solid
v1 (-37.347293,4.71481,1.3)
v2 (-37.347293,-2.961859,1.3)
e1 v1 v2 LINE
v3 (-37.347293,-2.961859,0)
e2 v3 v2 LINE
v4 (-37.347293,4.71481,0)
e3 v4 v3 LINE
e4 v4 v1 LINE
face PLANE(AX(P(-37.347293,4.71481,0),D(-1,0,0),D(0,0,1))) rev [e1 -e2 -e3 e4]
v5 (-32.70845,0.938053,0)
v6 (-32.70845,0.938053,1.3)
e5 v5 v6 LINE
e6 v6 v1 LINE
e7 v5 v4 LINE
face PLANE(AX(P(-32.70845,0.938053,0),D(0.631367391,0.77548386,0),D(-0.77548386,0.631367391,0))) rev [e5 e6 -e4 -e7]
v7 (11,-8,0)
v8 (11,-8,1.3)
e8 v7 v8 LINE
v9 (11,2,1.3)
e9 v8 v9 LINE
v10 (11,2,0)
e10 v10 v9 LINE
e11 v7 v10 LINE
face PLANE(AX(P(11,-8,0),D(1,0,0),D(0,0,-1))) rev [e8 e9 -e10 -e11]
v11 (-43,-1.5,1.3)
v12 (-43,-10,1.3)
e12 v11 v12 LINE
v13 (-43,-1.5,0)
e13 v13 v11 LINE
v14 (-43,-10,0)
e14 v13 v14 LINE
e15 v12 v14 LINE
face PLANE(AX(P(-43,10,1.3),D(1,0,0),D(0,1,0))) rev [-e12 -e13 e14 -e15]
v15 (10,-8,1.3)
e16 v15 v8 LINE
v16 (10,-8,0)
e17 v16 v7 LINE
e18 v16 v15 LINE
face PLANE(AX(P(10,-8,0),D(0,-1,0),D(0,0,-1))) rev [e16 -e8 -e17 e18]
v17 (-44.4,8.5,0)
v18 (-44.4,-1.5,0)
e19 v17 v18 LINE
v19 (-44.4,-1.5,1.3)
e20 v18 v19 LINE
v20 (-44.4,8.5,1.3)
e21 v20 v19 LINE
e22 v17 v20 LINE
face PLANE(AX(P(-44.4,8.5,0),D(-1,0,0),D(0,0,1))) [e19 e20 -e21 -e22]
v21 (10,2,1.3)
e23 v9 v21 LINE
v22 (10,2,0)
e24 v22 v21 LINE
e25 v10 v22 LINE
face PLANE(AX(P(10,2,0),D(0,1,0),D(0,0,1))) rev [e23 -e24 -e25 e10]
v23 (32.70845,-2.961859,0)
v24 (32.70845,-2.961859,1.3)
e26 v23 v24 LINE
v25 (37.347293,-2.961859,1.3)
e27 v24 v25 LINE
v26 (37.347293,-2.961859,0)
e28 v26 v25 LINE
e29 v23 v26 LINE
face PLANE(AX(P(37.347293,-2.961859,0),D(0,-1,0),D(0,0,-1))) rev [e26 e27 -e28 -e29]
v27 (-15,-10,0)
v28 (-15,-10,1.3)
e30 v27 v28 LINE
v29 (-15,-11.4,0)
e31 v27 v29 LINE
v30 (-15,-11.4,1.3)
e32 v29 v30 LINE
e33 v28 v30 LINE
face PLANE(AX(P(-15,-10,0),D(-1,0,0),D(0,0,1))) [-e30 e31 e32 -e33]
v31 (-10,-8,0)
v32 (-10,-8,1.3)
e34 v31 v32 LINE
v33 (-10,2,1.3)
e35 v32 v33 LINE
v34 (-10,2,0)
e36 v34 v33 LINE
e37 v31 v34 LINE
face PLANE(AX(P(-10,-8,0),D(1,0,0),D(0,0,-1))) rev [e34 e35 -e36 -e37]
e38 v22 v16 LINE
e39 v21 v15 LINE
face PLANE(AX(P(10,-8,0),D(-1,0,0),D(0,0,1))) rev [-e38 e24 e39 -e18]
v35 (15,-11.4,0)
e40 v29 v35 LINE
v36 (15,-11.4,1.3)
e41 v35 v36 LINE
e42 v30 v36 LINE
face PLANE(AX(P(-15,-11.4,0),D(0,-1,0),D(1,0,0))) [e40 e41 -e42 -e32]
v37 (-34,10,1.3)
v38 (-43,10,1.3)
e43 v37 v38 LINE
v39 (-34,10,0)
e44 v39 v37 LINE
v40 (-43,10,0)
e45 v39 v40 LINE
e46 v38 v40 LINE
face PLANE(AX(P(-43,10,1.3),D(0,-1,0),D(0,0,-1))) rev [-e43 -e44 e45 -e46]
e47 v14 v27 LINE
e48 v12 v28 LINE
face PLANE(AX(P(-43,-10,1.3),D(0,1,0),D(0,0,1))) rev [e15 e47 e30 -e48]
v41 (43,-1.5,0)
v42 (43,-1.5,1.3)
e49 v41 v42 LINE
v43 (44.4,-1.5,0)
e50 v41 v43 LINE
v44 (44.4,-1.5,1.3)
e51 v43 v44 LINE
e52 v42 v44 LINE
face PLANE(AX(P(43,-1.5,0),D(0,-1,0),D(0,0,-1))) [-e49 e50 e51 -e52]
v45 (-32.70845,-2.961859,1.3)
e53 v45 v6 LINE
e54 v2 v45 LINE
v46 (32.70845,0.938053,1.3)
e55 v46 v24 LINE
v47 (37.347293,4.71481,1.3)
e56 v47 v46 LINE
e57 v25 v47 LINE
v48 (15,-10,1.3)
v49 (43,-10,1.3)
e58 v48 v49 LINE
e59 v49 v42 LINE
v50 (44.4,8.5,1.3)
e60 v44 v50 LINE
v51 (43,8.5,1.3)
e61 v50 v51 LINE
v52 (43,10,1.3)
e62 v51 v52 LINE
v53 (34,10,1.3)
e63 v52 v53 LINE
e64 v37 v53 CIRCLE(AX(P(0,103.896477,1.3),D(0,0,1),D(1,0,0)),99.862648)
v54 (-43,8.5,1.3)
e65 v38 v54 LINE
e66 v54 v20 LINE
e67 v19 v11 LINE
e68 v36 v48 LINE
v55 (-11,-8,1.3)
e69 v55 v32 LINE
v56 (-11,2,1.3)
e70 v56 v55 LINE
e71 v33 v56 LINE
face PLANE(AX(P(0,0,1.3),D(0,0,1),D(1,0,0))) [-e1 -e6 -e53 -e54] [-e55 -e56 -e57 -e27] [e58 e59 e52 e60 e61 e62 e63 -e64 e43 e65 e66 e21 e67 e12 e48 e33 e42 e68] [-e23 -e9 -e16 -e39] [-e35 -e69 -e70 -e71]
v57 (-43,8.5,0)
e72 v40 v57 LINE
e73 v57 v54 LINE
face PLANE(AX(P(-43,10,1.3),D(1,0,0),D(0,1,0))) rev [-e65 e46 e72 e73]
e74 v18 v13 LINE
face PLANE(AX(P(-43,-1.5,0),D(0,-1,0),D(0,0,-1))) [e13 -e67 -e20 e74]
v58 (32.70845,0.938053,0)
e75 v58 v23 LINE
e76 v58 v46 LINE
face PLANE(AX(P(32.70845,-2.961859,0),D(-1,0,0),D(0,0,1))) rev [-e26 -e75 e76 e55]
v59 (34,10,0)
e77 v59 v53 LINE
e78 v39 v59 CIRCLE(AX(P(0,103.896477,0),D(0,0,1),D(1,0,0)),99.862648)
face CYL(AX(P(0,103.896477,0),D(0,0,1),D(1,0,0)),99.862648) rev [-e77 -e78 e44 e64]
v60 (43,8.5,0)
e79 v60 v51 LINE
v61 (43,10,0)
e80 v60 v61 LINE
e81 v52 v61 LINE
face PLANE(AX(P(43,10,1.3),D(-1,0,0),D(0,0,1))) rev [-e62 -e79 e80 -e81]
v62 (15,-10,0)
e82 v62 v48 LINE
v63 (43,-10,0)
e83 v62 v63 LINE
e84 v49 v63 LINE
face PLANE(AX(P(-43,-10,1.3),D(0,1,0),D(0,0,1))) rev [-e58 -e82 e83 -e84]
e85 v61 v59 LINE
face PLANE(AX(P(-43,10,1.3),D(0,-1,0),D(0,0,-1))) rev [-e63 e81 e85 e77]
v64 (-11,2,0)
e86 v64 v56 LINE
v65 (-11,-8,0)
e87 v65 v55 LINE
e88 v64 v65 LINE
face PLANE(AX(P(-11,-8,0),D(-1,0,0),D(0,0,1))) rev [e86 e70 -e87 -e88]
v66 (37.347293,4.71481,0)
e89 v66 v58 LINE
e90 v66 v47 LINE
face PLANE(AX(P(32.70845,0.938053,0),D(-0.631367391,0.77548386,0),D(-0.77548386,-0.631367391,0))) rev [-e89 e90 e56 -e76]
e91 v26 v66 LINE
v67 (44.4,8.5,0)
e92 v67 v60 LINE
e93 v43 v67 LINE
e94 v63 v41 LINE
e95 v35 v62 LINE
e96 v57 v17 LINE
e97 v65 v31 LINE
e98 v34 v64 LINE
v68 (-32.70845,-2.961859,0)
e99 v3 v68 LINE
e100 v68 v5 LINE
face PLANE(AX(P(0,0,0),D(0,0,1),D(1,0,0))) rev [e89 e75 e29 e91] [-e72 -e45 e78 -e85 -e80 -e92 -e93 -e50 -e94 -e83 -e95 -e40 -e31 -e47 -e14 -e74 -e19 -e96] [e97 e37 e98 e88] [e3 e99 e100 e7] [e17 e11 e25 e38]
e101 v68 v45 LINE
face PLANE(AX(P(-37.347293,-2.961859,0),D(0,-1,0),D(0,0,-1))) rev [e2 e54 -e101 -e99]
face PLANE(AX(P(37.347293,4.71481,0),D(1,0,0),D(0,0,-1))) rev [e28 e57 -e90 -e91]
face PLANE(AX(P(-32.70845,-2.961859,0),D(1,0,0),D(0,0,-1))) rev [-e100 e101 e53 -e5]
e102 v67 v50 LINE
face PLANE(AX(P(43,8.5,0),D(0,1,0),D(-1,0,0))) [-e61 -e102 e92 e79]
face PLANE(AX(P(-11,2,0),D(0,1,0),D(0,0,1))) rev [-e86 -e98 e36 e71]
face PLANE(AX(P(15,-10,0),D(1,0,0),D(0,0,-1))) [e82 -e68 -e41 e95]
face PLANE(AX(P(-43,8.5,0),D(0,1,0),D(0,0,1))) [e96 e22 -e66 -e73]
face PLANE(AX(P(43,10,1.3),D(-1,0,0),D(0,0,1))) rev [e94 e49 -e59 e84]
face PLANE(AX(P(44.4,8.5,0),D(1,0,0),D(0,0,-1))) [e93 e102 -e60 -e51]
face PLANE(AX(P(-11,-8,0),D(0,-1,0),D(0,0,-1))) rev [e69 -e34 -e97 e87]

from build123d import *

# Parameters (mm, degrees)
SKETCH1_W           = 86
SKETCH1_H           = 20
BOSS_EXTRUDE1_DEPTH = 1.3
SKETCH2_W           = 30
SKETCH2_H           = 1.4
SKETCH2_W_2         = 1.4
SKETCH2_H_2         = 10
BOSS_EXTRUDE2_DEPTH = 1.3
CUT_EXTRUDE1_DEPTH  = 46.858586982
SKETCH4_W           = 1
SKETCH4_H           = 10
CUT_EXTRUDE2_DEPTH  = 46.858586982
CUT_EXTRUDE3_DEPTH  = 46.858586982


with BuildPart() as part:
    # Sketch1 → Boss-Extrude1 (new body)
    with BuildSketch(Plane.XY):
        Rectangle(SKETCH1_W, SKETCH1_H)
    extrude(amount=BOSS_EXTRUDE1_DEPTH)

    # Sketch2 → Boss-Extrude2 (add)
    with BuildSketch(Plane.XY.offset(1.3)):
        with Locations((0, -10.7)):
            Rectangle(SKETCH2_W, SKETCH2_H)
        with Locations((-43.7, 3.5)):
            Rectangle(SKETCH2_W_2, SKETCH2_H_2)
        with Locations((43.7, 3.5)):
            Rectangle(SKETCH2_W_2, SKETCH2_H_2)
    extrude(amount=-BOSS_EXTRUDE2_DEPTH)

    # Sketch3 → Cut-Extrude1 (cut, through all)
    with BuildSketch(Plane.XY.offset(1.3)):
        with BuildLine():
            Line((-34, 10), (34, 10))
            ThreePointArc((34, 10), (0, 4.033829384), (-34, 10))
        make_face()
    extrude(amount=-CUT_EXTRUDE1_DEPTH, mode=Mode.SUBTRACT)

    # Sketch4 → Cut-Extrude2 (cut, through all)
    with BuildSketch(Plane.XY.offset(1.3)):
        with Locations((-10.5, -3)):
            Rectangle(SKETCH4_W, SKETCH4_H)
        with Locations((10.5, -3)):
            Rectangle(SKETCH4_W, SKETCH4_H)
    extrude(amount=-CUT_EXTRUDE2_DEPTH, mode=Mode.SUBTRACT)

    # Sketch5 → Cut-Extrude3 (cut, through all)
    with BuildSketch(Plane.XY.offset(1.3)):
        Polygon((-37.347292806, 4.71481035), (-37.347292806, -2.961858542), (-32.708450107, -2.961858542), (-32.708450107, 0.938053462), align=None)
        Polygon((32.708450107, -2.961858542), (32.708450107, 0.938053462), (37.347292806, 4.71481035), (37.347292806, -2.961858542), align=None)
    extrude(amount=-CUT_EXTRUDE3_DEPTH, mode=Mode.SUBTRACT)


solid = part.part
